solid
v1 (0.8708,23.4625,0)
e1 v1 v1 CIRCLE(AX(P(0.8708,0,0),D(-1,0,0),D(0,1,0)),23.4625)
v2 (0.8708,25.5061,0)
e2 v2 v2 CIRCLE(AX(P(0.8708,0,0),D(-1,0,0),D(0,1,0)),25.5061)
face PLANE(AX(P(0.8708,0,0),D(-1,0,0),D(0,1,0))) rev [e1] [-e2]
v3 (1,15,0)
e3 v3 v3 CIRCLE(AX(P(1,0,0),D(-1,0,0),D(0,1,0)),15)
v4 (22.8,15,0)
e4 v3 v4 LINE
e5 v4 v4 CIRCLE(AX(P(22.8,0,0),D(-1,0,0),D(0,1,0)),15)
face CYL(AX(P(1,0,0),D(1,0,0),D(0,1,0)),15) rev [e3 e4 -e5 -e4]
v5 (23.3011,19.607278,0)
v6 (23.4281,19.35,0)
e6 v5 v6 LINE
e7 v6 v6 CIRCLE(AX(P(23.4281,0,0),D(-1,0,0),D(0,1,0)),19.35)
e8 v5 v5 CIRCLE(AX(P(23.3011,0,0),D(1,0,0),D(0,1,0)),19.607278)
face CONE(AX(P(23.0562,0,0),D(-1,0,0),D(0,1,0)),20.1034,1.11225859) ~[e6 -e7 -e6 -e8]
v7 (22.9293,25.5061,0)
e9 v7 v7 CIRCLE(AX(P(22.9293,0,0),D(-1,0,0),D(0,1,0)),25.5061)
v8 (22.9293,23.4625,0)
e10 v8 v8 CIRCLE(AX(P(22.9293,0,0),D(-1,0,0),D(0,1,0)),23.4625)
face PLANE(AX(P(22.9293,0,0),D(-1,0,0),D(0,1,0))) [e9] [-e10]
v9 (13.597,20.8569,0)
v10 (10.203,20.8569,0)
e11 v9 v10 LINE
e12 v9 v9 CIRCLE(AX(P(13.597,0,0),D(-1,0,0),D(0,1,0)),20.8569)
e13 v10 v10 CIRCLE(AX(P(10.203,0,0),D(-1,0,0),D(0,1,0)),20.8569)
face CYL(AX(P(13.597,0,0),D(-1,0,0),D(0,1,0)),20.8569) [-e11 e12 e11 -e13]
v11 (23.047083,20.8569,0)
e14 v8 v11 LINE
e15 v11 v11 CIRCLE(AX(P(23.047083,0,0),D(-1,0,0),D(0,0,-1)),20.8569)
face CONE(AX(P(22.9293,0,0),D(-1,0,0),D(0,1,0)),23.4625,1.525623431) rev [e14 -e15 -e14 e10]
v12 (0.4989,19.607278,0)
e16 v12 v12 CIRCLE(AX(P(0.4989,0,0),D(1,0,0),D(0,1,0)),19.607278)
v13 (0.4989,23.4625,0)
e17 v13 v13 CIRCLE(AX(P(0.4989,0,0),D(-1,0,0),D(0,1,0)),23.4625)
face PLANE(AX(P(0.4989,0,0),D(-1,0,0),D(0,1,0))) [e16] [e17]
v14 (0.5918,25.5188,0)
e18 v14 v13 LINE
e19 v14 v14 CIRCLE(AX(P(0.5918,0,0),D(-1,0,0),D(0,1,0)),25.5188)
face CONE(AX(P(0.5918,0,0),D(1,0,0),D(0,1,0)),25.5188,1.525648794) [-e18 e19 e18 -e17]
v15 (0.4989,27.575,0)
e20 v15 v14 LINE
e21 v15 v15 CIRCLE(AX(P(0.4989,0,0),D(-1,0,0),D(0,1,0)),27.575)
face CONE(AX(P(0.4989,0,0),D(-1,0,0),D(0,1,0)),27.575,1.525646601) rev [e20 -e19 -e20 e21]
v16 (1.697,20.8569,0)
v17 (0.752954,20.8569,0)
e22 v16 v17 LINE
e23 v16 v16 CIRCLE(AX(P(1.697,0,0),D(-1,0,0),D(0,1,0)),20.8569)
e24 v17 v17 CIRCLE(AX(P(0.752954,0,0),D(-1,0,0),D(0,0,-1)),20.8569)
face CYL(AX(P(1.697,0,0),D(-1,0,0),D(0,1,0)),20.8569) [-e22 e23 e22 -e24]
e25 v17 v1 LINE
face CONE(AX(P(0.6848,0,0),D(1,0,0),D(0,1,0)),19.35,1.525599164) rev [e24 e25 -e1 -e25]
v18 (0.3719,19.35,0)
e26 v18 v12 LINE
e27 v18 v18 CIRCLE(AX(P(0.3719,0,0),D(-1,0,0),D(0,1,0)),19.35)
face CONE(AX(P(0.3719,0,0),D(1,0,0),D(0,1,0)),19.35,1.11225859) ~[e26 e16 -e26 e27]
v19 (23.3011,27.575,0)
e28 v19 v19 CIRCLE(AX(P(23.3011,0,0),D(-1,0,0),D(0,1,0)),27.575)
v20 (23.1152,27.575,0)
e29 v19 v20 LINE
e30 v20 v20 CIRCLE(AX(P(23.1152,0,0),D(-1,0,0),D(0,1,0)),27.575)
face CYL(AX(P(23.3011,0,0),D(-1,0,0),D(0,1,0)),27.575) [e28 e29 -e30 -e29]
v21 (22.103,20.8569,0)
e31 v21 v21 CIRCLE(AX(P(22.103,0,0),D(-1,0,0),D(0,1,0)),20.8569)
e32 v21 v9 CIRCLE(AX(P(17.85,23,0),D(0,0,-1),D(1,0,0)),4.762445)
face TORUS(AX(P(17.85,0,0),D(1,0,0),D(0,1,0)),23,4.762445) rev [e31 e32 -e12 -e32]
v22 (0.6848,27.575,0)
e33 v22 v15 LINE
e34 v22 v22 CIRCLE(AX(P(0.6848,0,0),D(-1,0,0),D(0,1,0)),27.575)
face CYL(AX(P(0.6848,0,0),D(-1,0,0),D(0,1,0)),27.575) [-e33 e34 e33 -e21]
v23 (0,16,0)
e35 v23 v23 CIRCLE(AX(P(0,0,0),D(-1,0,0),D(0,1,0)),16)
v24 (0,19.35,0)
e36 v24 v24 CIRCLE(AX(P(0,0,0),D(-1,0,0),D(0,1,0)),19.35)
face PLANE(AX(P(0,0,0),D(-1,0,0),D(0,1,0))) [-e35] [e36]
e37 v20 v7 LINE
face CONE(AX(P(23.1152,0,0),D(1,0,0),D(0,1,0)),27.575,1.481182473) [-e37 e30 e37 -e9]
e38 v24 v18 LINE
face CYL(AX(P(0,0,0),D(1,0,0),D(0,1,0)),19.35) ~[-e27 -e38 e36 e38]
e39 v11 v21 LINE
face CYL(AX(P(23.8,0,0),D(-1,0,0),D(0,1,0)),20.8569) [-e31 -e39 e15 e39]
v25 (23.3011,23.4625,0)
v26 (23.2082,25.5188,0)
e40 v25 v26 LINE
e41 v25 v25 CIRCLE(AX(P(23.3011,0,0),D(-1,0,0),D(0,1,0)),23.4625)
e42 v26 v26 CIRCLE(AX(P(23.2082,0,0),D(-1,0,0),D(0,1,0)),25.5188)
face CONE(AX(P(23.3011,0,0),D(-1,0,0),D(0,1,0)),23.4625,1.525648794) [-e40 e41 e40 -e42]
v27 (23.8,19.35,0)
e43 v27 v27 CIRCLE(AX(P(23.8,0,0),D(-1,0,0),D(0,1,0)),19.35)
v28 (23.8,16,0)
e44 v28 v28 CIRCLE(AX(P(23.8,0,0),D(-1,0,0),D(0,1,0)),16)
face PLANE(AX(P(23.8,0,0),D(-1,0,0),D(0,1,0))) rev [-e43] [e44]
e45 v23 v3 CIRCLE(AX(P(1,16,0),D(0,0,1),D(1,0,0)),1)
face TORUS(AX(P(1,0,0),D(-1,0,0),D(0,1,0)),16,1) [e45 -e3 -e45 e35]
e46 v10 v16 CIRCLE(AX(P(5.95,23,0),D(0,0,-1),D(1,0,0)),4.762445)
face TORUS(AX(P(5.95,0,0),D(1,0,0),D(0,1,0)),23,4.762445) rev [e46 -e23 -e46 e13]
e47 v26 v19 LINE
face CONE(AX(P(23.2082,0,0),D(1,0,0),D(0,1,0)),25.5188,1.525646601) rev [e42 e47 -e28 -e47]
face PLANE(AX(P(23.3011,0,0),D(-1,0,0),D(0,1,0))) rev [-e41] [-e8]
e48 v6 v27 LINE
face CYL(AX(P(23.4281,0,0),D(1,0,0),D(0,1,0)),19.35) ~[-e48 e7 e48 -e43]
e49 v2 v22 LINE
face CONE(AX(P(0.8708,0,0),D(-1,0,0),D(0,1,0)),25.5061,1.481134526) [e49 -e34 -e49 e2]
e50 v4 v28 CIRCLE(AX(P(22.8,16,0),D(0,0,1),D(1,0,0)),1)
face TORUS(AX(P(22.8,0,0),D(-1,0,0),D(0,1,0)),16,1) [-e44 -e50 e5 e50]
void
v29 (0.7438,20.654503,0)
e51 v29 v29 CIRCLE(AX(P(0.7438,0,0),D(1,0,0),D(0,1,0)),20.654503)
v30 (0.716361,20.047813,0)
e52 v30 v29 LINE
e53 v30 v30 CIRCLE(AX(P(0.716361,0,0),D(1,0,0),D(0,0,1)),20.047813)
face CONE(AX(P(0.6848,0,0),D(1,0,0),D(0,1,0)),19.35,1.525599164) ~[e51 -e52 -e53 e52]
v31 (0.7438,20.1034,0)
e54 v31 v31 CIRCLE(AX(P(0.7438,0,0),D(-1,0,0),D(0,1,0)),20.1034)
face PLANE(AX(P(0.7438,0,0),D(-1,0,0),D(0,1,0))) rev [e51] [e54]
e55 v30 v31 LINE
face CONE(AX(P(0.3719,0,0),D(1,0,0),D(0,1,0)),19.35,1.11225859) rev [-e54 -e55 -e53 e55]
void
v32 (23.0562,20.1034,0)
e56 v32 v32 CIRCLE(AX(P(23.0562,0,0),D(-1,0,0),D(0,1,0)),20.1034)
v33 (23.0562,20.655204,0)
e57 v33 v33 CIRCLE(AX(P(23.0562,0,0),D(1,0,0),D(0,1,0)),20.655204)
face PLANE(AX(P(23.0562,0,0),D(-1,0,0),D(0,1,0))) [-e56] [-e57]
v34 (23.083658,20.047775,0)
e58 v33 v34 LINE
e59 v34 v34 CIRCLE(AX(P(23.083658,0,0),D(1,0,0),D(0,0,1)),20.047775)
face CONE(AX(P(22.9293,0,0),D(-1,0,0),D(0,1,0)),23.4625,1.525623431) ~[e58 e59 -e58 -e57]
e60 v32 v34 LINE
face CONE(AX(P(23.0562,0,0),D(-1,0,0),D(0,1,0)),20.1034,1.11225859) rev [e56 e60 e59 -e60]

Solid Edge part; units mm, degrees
sketch "Sketch1" plane through (0, 0, 0) normal (0, 0, 1) x (1, 0, 0)
  arc A0 (0, 16) -> (1, 15) centre (1, 16) ccw
  line L0 (1, 15) -> (22.8, 15)
  arc A1 (22.8, 15) -> (23.8, 16) centre (22.8, 16) ccw
  line L1 (23.8, 16) -> (23.8, 20.8569)
  line L2 (23.8, 20.8569) -> (22.103, 20.8569)
  arc A2 (22.103, 20.8569) -> (13.597, 20.8569) centre (17.85, 23) cw
  line L3 (13.597, 20.8569) -> (10.203, 20.8569)
  arc A3 (10.203, 20.8569) -> (1.697, 20.8569) centre (5.95, 23) cw
  line L4 (1.697, 20.8569) -> (0, 20.8569)
  line L5 (0, 20.8569) -> (0, 16)
revolve "RevolvedProtrusion1" add sketch "Sketch1" angle 360 about axis through (23.8, 0, 0) along (-1, 0, 0)
sketch "Sketch2" plane through (0, 0, 0) normal (0, 0, 1) x (1, 0, 0)
  line L0 (0, 25.2069) -> (0, 19.35)
  line L1 (0, 19.35) -> (0.3719, 19.35)
  line L2 (0.3719, 19.35) -> (0.7438, 20.1034)
  line L3 (0.7438, 20.1034) -> (0.7438, 20.8569)
  line L4 (0.7438, 20.8569) -> (23.0562, 20.8569)
  line L5 (23.0562, 20.8569) -> (23.0562, 20.1034)
  line L6 (23.0562, 20.1034) -> (23.4281, 19.35)
  line L7 (23.4281, 19.35) -> (23.8, 19.35)
  line L8 (23.8, 19.35) -> (23.8, 25.2069)
  line L9 (23.8, 25.2069) -> (0, 25.2069)
revolve "RevolvedCutout1" cut sketch "Sketch2" angle 360 about axis through (23.8, 0, 0) along (-1, 0, 0)
sketch "Sketch3" plane through (0, 0, 0) normal (0, 0, 1) x (1, 0, 0)
  line L0 (0.4989, 23.4625) -> (0.4989, 19.35)
  line L1 (0.4989, 19.35) -> (0.6848, 19.35)
  line L2 (0.6848, 19.35) -> (0.8708, 23.4625)
  line L3 (0.8708, 23.4625) -> (0.8708, 25.5061)
  line L4 (0.8708, 25.5061) -> (0.6848, 27.575)
  line L5 (0.6848, 27.575) -> (0.4989, 27.575)
  line L6 (0.4989, 27.575) -> (0.5918, 25.5188)
  line L7 (0.5918, 25.5188) -> (0.4989, 23.4625)
revolve "RevolvedProtrusion2" add sketch "Sketch3" angle 360 about axis through (0.8708, 0, 0) along (-1, 0, 0)
sketch "Sketch4" plane through (0, 0, 0) normal (0, 0, 1) x (1, 0, 0)
  line L0 (22.9293, 25.5061) -> (22.9293, 23.4625)
  line L1 (22.9293, 23.4625) -> (23.1152, 19.35)
  line L2 (23.1152, 19.35) -> (23.3011, 19.35)
  line L3 (23.3011, 19.35) -> (23.3011, 23.4625)
  line L4 (23.3011, 23.4625) -> (23.2082, 25.5188)
  line L5 (23.2082, 25.5188) -> (23.3011, 27.575)
  line L6 (23.3011, 27.575) -> (23.1152, 27.575)
  line L7 (23.1152, 27.575) -> (22.9293, 25.5061)
revolve "RevolvedProtrusion3" add sketch "Sketch4" angle 360 about axis through (23.3011, 0, 0) along (-1, 0, 0)
properties part number "3206 A-2RS1_PART1" material "Aluminio, 7075-T6"
